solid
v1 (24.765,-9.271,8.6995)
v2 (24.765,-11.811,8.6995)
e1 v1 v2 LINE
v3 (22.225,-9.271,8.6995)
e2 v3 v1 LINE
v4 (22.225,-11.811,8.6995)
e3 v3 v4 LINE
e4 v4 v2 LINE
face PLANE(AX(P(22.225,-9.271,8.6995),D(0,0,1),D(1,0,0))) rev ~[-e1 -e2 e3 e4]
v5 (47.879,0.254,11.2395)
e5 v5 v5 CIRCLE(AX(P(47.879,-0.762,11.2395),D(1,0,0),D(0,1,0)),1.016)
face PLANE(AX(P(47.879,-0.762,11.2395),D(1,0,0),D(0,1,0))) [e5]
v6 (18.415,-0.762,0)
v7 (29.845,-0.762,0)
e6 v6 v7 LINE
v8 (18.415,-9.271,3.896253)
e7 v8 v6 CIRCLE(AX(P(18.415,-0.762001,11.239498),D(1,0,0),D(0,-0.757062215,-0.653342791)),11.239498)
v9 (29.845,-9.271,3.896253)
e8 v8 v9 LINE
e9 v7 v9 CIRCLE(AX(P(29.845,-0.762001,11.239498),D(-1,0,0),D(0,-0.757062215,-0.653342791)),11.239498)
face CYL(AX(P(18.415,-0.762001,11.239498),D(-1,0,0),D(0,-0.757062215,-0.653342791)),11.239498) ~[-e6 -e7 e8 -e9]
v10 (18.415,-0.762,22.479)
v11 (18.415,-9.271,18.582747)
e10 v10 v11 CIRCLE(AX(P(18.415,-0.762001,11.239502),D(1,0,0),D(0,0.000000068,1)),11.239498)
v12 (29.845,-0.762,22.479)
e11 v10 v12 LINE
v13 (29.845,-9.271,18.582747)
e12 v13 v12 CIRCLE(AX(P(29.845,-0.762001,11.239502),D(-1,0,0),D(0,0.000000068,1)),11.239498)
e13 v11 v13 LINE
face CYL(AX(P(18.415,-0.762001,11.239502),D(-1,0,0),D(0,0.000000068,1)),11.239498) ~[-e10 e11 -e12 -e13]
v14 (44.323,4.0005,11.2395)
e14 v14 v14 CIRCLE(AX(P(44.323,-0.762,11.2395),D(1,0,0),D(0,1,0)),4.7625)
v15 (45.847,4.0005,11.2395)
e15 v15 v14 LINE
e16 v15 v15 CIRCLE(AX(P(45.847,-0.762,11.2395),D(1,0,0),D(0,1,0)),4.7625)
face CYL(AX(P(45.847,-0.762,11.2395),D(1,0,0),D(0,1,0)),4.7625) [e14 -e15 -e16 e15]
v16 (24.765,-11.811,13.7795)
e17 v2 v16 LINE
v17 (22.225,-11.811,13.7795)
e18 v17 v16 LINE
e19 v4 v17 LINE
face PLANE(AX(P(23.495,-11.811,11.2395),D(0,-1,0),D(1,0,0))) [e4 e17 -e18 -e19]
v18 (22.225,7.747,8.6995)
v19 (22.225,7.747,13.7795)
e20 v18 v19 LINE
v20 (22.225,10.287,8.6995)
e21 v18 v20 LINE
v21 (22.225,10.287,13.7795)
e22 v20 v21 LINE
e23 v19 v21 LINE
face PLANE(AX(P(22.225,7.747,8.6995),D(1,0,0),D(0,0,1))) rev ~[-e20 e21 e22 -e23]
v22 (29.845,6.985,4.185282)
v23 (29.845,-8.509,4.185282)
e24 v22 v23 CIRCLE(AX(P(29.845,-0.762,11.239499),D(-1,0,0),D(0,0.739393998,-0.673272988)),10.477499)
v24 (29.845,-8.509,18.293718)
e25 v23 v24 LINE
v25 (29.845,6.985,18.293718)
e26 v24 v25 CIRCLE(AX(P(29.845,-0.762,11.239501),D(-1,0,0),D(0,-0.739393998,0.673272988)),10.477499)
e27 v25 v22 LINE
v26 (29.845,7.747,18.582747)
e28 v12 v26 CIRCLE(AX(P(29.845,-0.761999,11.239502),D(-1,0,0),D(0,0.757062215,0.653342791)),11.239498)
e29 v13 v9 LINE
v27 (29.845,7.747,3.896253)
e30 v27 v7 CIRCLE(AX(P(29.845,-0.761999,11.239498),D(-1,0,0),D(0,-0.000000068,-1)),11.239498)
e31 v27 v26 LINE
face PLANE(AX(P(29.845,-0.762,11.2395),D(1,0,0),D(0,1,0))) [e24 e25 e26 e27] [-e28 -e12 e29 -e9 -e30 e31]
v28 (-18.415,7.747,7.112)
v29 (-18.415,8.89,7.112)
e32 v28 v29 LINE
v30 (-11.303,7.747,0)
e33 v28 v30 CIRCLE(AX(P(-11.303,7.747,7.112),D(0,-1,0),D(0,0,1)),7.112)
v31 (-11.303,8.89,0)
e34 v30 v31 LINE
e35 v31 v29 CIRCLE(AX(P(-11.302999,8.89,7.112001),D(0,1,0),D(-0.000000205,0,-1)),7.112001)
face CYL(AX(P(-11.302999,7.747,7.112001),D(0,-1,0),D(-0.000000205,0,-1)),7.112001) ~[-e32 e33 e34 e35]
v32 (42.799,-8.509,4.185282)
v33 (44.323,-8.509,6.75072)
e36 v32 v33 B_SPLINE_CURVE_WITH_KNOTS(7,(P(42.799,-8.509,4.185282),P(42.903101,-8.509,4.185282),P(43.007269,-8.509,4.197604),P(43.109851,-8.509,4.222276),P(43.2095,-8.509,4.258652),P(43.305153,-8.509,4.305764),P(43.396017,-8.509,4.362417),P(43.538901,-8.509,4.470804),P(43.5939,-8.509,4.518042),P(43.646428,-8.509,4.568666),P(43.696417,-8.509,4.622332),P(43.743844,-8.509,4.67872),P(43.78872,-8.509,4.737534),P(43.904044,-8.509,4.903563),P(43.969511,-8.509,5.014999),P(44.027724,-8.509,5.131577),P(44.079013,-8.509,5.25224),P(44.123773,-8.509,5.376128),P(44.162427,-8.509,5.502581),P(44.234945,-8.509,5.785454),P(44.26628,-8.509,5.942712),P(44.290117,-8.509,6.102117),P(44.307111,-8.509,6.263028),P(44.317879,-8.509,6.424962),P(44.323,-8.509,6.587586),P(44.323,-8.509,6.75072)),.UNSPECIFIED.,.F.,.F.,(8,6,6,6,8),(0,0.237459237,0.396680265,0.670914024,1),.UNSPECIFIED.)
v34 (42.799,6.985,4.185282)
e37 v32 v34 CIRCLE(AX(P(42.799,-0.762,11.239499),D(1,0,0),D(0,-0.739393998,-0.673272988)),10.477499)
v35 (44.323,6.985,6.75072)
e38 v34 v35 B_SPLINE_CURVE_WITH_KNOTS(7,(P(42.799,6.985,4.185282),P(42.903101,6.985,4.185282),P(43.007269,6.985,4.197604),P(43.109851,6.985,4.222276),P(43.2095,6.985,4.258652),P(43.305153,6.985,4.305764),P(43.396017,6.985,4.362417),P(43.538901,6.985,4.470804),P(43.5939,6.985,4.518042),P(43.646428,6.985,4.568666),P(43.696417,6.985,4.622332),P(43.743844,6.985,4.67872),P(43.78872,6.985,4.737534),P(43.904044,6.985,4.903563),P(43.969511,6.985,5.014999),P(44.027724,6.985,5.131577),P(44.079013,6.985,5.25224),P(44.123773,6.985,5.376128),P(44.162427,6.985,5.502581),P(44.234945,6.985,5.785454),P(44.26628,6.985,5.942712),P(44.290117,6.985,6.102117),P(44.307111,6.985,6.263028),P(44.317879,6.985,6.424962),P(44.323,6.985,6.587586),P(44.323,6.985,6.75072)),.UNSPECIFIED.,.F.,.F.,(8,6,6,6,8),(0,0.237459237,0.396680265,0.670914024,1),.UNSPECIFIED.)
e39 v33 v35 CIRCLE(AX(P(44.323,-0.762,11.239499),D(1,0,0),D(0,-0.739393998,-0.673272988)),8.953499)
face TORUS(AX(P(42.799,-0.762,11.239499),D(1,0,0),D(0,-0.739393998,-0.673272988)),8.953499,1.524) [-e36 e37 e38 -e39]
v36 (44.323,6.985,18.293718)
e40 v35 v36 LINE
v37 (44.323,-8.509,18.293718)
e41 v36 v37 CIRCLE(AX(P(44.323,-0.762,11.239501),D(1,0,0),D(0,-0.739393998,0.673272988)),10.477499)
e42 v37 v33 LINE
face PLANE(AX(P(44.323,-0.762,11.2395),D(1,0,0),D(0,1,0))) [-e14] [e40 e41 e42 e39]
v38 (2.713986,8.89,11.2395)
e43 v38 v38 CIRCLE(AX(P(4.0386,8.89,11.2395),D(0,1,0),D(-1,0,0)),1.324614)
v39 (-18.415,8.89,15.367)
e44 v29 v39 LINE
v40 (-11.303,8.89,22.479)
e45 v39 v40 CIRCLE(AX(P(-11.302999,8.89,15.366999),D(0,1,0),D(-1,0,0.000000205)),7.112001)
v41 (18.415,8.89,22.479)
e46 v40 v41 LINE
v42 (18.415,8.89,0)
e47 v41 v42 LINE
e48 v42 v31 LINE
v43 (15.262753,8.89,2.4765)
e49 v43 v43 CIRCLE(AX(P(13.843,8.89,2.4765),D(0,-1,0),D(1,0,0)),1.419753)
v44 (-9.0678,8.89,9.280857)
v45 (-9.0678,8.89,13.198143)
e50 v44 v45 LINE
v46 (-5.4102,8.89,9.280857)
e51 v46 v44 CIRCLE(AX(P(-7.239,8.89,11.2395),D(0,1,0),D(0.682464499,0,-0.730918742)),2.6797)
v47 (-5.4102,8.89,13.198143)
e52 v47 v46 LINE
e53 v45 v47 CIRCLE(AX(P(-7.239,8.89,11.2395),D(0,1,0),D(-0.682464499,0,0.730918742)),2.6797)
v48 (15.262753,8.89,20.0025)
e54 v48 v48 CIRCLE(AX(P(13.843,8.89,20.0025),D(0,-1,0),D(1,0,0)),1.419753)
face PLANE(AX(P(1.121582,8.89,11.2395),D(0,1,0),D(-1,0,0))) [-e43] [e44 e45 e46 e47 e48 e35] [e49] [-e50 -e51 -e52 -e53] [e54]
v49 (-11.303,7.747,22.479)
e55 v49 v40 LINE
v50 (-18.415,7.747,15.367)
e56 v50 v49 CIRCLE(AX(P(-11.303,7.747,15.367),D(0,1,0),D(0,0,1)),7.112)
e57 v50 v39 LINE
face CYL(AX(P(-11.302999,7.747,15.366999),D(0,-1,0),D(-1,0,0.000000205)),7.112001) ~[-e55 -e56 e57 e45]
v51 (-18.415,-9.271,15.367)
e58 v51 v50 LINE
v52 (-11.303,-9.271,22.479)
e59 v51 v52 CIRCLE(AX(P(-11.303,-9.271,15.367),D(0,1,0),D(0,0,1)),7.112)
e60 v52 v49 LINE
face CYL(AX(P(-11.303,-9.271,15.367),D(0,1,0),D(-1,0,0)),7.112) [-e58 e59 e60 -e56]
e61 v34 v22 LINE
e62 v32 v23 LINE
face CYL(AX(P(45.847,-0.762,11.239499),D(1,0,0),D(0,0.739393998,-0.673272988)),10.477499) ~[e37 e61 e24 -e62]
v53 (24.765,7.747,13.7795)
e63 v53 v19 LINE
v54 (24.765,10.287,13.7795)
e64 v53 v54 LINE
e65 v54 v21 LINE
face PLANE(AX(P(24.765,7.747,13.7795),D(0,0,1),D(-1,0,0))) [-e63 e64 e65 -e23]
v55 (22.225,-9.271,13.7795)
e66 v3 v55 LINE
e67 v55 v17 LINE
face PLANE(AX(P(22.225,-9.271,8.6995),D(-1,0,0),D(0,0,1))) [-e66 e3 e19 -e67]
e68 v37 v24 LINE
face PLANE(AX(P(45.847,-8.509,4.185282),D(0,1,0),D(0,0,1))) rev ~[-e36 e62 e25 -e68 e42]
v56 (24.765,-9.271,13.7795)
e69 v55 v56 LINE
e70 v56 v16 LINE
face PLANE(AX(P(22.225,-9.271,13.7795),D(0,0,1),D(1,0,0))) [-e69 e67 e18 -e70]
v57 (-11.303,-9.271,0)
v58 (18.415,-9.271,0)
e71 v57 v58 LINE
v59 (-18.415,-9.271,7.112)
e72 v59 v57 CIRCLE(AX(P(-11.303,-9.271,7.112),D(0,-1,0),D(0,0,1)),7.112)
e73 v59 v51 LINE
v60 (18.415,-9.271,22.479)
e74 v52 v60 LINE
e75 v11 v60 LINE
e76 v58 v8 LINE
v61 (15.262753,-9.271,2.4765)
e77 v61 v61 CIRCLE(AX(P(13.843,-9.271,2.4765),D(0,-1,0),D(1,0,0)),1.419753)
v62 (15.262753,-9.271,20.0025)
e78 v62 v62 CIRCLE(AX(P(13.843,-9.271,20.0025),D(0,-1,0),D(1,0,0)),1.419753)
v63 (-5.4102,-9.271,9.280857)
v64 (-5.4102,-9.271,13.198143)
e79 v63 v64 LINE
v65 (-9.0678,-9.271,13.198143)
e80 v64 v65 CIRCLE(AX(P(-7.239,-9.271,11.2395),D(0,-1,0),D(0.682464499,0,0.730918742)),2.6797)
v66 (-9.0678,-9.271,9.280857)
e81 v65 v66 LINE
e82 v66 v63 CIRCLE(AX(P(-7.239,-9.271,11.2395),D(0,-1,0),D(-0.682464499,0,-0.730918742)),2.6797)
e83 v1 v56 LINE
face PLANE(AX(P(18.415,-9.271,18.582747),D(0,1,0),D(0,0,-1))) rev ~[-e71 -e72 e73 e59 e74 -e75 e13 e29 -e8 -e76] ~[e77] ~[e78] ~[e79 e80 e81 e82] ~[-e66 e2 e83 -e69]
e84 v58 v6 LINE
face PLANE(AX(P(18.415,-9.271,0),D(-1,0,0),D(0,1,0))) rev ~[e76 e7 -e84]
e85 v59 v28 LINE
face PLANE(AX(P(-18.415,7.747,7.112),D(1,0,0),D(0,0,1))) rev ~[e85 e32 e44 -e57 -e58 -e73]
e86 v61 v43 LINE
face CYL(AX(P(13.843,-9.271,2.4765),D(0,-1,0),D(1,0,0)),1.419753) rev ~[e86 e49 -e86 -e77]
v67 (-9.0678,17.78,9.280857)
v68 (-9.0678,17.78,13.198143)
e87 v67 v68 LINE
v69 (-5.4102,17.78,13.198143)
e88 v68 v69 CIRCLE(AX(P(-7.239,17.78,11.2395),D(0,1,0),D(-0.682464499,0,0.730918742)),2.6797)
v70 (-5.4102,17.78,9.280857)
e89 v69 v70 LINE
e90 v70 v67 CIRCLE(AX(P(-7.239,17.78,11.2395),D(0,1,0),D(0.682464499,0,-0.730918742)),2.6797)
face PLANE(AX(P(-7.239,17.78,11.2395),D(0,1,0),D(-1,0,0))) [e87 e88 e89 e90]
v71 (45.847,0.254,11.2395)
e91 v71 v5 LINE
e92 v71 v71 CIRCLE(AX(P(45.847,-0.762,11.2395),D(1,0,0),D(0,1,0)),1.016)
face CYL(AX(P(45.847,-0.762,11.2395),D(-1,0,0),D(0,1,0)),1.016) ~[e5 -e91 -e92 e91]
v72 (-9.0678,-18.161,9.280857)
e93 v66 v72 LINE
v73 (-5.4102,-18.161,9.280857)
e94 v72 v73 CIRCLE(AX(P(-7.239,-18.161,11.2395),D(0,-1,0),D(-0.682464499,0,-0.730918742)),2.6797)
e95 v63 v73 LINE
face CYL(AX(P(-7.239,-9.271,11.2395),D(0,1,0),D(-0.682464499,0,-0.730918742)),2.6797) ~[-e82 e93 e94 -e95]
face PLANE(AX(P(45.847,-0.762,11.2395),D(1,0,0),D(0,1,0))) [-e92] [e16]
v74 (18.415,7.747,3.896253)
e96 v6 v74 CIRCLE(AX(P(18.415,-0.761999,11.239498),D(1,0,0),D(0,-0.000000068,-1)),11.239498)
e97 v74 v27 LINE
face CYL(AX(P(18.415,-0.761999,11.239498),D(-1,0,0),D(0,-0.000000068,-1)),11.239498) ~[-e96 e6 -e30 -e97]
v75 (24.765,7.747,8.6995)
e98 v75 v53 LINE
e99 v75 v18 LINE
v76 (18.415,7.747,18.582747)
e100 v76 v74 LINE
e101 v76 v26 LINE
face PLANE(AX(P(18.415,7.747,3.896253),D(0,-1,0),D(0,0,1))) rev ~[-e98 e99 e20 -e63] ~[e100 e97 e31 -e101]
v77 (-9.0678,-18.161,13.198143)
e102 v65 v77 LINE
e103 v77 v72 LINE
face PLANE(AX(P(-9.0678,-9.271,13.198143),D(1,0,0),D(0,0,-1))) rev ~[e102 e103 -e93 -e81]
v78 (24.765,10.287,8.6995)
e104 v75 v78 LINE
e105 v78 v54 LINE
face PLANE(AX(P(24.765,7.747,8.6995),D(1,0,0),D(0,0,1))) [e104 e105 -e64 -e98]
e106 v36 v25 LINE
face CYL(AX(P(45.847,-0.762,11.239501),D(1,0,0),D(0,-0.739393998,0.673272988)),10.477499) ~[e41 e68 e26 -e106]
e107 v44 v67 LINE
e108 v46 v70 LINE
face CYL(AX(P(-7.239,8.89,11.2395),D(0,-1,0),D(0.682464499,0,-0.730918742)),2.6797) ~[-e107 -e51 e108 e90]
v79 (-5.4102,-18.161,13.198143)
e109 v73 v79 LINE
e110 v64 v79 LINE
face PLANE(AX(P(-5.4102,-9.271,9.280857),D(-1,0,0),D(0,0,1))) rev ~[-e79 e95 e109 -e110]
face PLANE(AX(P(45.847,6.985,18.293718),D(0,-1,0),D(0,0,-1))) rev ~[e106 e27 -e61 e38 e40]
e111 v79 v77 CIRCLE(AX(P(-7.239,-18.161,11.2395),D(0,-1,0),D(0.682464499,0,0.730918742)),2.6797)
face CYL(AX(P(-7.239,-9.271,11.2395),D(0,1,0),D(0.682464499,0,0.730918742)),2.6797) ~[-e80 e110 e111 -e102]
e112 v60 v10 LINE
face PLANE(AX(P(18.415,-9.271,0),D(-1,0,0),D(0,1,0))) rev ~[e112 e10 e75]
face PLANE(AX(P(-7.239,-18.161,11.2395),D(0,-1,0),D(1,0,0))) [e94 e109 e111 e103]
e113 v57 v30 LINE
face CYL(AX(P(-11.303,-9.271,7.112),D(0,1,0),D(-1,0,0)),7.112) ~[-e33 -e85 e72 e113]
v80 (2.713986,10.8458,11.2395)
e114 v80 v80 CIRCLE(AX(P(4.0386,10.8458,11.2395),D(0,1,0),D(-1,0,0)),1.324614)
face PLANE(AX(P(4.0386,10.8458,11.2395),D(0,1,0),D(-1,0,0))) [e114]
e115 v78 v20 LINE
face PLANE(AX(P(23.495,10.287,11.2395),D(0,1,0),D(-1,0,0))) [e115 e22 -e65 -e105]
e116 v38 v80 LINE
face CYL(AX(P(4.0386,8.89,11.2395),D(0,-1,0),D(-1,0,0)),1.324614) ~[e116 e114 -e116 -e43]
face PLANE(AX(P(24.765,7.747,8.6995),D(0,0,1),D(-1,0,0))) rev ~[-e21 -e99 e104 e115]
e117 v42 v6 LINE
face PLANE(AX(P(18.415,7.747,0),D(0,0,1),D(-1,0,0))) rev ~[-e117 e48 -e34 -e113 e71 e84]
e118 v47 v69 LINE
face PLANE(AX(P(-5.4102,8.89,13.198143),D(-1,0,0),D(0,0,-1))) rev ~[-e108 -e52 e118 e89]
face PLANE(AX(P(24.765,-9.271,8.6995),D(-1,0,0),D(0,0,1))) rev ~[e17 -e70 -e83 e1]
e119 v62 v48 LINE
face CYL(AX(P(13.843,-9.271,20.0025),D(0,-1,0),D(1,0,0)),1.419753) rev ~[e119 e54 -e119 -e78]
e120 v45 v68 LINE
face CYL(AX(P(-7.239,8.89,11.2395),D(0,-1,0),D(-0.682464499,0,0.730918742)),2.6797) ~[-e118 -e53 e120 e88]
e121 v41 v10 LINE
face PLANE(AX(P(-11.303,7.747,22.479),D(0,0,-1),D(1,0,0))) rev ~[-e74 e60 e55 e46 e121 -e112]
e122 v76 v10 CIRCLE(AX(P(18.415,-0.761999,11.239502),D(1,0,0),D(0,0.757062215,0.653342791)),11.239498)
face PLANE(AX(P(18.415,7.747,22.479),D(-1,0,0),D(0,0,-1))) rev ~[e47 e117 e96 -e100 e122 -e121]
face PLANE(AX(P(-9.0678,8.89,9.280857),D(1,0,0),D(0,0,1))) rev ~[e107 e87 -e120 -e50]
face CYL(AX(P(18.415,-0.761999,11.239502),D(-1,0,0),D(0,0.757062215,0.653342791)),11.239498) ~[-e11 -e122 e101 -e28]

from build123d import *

# Parameters (mm, degrees)
F0_W      = 36.83
F0_H      = 17.018
F1_DEPTH  = 22.479
F2_R      = 7.112
F1_FACE_W = 17.018
F1_FACE_H = 8.255
F4_DEPTH  = 27.432
F6_DEPTH  = 16.002
F7_R      = 12.816169
F7_R_2    = 4.7625
F8_DEPTH  = 1.524
F9_R      = 1.524
F10_R     = 1.016
F11_DEPTH = 2.032
F12_W     = 2.54
F12_H     = 5.08
F13_DEPTH = 2.54
F15_DEPTH = 1.143
F16_W     = 2.54
F16_H     = 5.08
F17_DEPTH = 2.54
F19_DEPTH = 8.89
F21_DEPTH = 8.89
F22_R     = 1.324614
F23_DEPTH = 1.9558
F24_R     = 1.419753
F25_DEPTH = 25.4


with BuildPart() as f1:
    # F0 (on Top) → F1 (new body)
    with BuildSketch(Plane.XY):
        with Locations((0, -0.762)):
            Rectangle(F0_W, F0_H)
    extrude(amount=F1_DEPTH)

    # F2
    f2_edges = [f1.edges().sort_by_distance(p)[0] for p in [
        (-18.415, -0.762, 22.479),
        (-18.415, -0.762, 0),
    ]]
    fillet(f2_edges, radius=F2_R)

    # F3 (on face) + F1_face (on face) → F4 (join)
    with BuildSketch(Plane.YZ.offset(18.415)):
        with BuildLine():
            Line((-9.271, 18.582747), (-9.271, 3.896253))
            ThreePointArc((-9.271, 3.896253), (-5.441313, 1.020381), (-0.762, 0))
            ThreePointArc((-0.762, 0), (3.917313, 1.020381), (7.747, 3.896253))
            Line((7.747, 3.896253), (7.747, 18.582747))
            ThreePointArc((7.747, 18.582747), (3.917313, 21.458619), (-0.762, 22.479))
            ThreePointArc((-0.762, 22.479), (-5.441313, 21.458619), (-9.271, 18.582747))
        make_face()
    with BuildSketch(Plane(origin=(18.415, -0.762, 11.2395), x_dir=(0, 1, 0), z_dir=(1, 0, 0))):
        Rectangle(F1_FACE_W, F1_FACE_H)
    extrude(amount=F4_DEPTH)

    # F5 (on face) → F6 (cut)
    with BuildSketch(Plane.YZ.offset(45.847)):
        with BuildLine():
            ThreePointArc((13.335, 20.428588), (-0.762, 28.067), (-14.859, 20.428588))
            Line((-14.859, 20.428588), (-14.859, 2.050412))
            ThreePointArc((-14.859, 2.050412), (-0.762, -5.588), (13.335, 2.050412))
            Line((13.335, 2.050412), (13.335, 20.428588))
        make_face()
        with BuildLine():
            ThreePointArc((-9.271, 18.582747), (-0.762, 22.479), (7.747, 18.582747))
            Line((7.747, 18.582747), (7.747, 3.896253))
            ThreePointArc((7.747, 3.896253), (-0.762, 0), (-9.271, 3.896253))
            Line((-9.271, 3.896253), (-9.271, 18.582747))
        make_face(mode=Mode.SUBTRACT)
        with BuildLine():
            Line((7.747, 3.896253), (7.747, 18.582747))
            ThreePointArc((7.747, 18.582747), (-0.762, 22.479), (-9.271, 18.582747))
            Line((-9.271, 18.582747), (-9.271, 3.896253))
            ThreePointArc((-9.271, 3.896253), (-0.762, 0), (7.747, 3.896253))
        make_face()
        with BuildLine():
            Line((-8.509, 4.185282), (-8.509, 18.293718))
            ThreePointArc((-8.509, 18.293718), (-0.762, 21.717), (6.985, 18.293718))
            Line((6.985, 18.293718), (6.985, 4.185282))
            ThreePointArc((6.985, 4.185282), (-0.762, 0.762), (-8.509, 4.185282))
        make_face(mode=Mode.SUBTRACT)
    extrude(amount=-F6_DEPTH, mode=Mode.SUBTRACT)

    # F7 (on face) → F8 (cut)
    with BuildSketch(Plane.YZ.offset(45.847)):
        with Locations((-0.762, 11.2395)):
            Circle(F7_R)
        with BuildLine():
            ThreePointArc((6.985, 4.185282), (-0.762, 0.762), (-8.509, 4.185282))
            Line((-8.509, 4.185282), (-8.509, 18.293718))
            ThreePointArc((-8.509, 18.293718), (-0.762, 21.717), (6.985, 18.293718))
            Line((6.985, 18.293718), (6.985, 4.185282))
        make_face(mode=Mode.SUBTRACT)
        with BuildLine():
            Line((-8.509, 18.293718), (-8.509, 4.185282))
            ThreePointArc((-8.509, 4.185282), (-0.762, 0.762), (6.985, 4.185282))
            Line((6.985, 4.185282), (6.985, 18.293718))
            ThreePointArc((6.985, 18.293718), (-0.762, 21.717), (-8.509, 18.293718))
        make_face()
        with Locations((-0.762, 11.2395)):
            Circle(F7_R_2, mode=Mode.SUBTRACT)
    extrude(amount=-F8_DEPTH, mode=Mode.SUBTRACT)

    # F9
    f9_edges = [f1.edges().sort_by_distance(p)[0] for p in [
        (44.323, -0.762, 0.762),
    ]]
    fillet(f9_edges, radius=F9_R)

    # F10 (on face) → F11 (join)
    with BuildSketch(Plane.YZ.offset(45.847)):
        with Locations((-0.762, 11.2395)):
            Circle(F10_R)
    extrude(amount=F11_DEPTH)

    # F12 (on face) → F13 (join)
    with BuildSketch(Plane.XZ.offset(9.271)):
        with Locations((23.495, 11.2395)):
            Rectangle(F12_W, F12_H)
    extrude(amount=F13_DEPTH)

    # F14 (on face) → F15 (join)
    with BuildSketch(Plane(origin=(0, 7.747, 0), x_dir=(-1, 0, 0), z_dir=(0, 1, 0))):
        with BuildLine():
            Line((-18.415, 0), (11.303, 0))
            ThreePointArc((11.303, 0), (16.331943, 2.083057), (18.415, 7.112))
            Line((18.415, 7.112), (18.415, 15.367))
            ThreePointArc((18.415, 15.367), (16.331943, 20.395943), (11.303, 22.479))
            Line((11.303, 22.479), (-18.415, 22.479))
            Line((-18.415, 22.479), (-18.415, 18.582747))
            Line((-18.415, 18.582747), (-18.415, 3.896253))
            Line((-18.415, 3.896253), (-18.415, 0))
        make_face()
    extrude(amount=F15_DEPTH)

    # F16 (on face) → F17 (join)
    with BuildSketch(Plane(origin=(0, 7.747, 0), x_dir=(-1, 0, 0), z_dir=(0, 1, 0))):
        with Locations((-23.495, 11.2395)):
            Rectangle(F16_W, F16_H)
    extrude(amount=F17_DEPTH)

    # F18 (on face) → F19 (join)
    with BuildSketch(Plane.XZ.offset(9.271)):
        with BuildLine():
            Line((-5.4102, 9.280857), (-5.4102, 13.198143))
            ThreePointArc((-5.4102, 13.198143), (-7.239, 13.9192), (-9.0678, 13.198143))
            Line((-9.0678, 13.198143), (-9.0678, 9.280857))
            ThreePointArc((-9.0678, 9.280857), (-7.239, 8.5598), (-5.4102, 9.280857))
        make_face()
    extrude(amount=F19_DEPTH)

    # F20 (on face) → F21 (join)
    with BuildSketch(Plane(origin=(0, 8.89, 0), x_dir=(-1, 0, 0), z_dir=(0, 1, 0))):
        with BuildLine():
            Line((5.4102, 13.198143), (5.4102, 9.280857))
            ThreePointArc((5.4102, 9.280857), (7.239, 8.5598), (9.0678, 9.280857))
            Line((9.0678, 9.280857), (9.0678, 13.198143))
            ThreePointArc((9.0678, 13.198143), (7.239, 13.9192), (5.4102, 13.198143))
        make_face()
    extrude(amount=F21_DEPTH)

    # F22 (on face) → F23 (join)
    with BuildSketch(Plane(origin=(0, 8.89, 0), x_dir=(-1, 0, 0), z_dir=(0, 1, 0))):
        with Locations((-4.0386, 11.2395)):
            Circle(F22_R)
    extrude(amount=F23_DEPTH)

    # F24 (on face) → F25 (cut)
    with BuildSketch(Plane.XZ.offset(9.271)):
        with Locations((13.843, 20.0025)):
            Circle(F24_R)
        with Locations((13.843, 2.4765)):
            Circle(F24_R)
    extrude(amount=-F25_DEPTH, mode=Mode.SUBTRACT)


solid = f1.part
